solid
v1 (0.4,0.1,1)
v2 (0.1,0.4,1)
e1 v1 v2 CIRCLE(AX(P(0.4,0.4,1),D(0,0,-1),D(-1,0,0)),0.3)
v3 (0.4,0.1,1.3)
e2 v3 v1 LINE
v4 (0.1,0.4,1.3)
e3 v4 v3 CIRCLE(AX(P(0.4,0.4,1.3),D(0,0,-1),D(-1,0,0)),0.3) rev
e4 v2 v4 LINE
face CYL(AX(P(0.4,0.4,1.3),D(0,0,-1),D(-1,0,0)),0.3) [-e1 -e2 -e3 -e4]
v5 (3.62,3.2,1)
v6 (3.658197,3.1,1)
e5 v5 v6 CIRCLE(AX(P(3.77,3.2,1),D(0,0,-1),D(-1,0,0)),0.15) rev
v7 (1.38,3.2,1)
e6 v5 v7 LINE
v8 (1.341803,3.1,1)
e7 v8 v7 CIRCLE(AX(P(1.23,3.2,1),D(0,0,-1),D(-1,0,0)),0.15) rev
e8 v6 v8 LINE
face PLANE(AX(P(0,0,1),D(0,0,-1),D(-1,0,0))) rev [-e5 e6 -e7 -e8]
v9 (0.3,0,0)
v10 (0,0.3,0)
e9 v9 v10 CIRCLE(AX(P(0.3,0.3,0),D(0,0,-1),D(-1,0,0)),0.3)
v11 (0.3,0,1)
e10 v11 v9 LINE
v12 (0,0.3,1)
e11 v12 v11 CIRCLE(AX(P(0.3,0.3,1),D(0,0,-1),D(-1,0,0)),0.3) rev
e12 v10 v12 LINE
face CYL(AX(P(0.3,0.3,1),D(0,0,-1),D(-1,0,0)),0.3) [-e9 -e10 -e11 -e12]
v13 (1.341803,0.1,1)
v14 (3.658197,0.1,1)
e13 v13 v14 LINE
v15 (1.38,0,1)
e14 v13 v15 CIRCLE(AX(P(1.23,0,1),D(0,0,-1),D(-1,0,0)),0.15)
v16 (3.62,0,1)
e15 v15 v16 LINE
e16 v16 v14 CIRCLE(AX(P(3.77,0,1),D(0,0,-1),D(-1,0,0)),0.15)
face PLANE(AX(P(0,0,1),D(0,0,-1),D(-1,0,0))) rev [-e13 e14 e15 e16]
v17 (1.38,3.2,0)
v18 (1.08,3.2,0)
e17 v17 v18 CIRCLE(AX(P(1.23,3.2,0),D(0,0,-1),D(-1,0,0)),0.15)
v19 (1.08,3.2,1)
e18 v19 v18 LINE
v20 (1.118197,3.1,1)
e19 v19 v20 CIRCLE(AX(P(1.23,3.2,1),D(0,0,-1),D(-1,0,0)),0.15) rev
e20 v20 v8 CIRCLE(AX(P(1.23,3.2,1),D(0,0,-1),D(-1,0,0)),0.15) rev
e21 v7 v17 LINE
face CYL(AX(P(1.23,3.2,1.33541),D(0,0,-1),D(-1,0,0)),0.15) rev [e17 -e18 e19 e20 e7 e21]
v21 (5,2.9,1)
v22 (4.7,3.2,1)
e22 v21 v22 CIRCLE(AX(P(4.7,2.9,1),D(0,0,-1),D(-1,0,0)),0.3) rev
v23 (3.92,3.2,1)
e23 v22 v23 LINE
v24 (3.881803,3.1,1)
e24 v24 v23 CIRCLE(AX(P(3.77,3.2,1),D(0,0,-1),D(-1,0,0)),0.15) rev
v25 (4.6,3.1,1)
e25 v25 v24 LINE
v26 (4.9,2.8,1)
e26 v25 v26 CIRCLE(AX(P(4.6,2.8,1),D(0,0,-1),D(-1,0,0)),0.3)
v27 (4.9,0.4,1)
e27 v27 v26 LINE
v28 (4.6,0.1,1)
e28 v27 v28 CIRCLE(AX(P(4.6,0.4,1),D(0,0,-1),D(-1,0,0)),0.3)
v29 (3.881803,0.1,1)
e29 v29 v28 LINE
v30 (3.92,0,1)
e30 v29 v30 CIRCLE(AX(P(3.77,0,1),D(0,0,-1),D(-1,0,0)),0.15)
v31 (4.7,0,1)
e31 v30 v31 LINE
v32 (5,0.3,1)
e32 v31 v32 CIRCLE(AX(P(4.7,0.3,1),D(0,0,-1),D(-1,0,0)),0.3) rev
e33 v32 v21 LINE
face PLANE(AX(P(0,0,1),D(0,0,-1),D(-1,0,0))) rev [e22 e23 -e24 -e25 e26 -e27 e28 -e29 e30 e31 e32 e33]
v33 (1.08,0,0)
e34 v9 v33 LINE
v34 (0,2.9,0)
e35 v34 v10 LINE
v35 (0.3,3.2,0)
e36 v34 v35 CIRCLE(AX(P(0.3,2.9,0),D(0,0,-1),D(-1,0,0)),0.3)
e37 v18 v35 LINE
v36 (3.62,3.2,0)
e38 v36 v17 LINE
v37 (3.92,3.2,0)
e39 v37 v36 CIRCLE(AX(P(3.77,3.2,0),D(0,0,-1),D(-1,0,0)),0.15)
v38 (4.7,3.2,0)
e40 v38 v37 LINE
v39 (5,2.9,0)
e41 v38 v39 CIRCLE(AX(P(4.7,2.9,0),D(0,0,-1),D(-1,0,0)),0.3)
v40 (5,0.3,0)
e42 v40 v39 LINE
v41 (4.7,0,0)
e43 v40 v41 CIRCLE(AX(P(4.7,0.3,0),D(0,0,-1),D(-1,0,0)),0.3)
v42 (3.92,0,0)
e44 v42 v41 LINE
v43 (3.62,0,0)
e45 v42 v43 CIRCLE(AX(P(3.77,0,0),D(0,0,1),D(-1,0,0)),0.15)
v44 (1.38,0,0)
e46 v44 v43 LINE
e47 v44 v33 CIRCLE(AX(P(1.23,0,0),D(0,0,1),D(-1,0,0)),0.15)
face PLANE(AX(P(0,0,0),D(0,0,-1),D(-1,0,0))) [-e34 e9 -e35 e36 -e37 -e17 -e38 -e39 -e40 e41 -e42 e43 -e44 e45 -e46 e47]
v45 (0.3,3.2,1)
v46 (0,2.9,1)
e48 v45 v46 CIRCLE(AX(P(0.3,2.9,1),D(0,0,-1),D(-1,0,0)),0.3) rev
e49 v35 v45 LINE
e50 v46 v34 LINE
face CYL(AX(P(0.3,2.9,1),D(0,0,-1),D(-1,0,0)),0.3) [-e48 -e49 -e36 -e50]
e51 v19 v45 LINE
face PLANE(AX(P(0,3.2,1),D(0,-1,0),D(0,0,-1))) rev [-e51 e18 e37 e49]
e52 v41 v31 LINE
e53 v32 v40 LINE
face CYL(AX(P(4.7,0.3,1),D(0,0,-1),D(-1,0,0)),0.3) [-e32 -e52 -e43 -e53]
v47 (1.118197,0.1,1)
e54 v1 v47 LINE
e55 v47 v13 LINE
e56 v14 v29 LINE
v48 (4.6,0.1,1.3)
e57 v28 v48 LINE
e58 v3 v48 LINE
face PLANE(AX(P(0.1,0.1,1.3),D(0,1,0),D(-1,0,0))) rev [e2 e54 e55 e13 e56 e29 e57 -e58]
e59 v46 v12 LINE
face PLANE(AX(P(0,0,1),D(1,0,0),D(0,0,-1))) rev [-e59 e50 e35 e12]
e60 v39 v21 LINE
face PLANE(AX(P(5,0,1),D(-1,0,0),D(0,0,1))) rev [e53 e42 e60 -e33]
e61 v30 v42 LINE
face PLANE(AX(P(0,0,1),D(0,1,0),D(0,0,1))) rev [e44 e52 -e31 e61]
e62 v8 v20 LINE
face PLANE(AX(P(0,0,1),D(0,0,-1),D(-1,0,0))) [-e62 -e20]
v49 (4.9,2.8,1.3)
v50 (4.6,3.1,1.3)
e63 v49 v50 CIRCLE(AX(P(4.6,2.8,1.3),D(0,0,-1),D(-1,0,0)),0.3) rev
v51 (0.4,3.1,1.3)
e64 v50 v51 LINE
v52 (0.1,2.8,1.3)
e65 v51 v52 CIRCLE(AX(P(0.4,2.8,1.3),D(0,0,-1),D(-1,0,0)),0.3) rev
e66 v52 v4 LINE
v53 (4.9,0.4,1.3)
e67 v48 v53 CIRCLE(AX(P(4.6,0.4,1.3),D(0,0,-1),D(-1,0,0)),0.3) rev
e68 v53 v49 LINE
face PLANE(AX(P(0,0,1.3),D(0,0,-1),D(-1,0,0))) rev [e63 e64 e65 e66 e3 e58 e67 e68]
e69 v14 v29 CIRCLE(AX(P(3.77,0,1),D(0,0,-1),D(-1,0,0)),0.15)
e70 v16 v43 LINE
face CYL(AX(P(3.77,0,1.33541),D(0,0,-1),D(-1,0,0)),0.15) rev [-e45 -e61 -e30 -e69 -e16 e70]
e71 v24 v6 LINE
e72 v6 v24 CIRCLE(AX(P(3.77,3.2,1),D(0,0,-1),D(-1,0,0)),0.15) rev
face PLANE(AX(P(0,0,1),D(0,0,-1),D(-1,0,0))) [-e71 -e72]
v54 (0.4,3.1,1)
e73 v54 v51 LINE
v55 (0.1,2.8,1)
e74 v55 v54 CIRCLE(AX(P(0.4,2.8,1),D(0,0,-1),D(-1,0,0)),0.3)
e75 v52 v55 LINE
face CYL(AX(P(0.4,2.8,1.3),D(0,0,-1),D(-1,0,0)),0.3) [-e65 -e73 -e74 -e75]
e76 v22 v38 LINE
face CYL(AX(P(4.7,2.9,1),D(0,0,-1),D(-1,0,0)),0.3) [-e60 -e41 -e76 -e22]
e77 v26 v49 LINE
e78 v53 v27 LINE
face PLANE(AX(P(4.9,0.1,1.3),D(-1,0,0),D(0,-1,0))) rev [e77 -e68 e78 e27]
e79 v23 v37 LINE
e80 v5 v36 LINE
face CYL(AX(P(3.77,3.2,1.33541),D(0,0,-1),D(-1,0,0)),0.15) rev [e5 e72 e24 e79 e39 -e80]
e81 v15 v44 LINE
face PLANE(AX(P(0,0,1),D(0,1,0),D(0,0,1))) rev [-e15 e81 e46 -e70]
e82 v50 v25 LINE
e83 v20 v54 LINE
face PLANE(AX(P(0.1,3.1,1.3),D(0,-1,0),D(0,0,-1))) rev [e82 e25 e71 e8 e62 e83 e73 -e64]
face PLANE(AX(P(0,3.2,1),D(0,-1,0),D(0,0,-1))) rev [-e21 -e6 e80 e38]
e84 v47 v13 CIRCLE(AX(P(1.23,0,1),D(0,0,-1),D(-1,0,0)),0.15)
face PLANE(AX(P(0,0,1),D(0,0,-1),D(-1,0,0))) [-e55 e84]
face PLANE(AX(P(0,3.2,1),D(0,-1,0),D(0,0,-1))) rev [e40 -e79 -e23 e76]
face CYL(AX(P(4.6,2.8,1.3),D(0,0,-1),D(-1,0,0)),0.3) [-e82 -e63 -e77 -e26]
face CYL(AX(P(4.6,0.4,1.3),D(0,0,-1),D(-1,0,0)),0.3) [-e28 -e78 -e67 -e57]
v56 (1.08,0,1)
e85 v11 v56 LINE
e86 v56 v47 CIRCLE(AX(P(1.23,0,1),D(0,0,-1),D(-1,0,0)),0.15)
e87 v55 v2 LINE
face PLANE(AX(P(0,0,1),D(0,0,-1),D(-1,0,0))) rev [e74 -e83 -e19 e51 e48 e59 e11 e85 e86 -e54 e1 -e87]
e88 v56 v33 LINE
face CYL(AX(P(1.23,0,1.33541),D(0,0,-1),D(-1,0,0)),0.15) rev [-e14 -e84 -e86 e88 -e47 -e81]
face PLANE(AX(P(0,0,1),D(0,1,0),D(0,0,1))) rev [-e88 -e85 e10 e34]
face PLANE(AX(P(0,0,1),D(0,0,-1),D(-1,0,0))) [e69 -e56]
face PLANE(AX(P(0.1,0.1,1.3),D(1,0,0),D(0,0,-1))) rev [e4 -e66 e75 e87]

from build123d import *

# Parameters (mm, degrees)
SKETCH1_W            = 5
SKETCH1_H            = 3.2
BOSS_EXTRUDE1_DEPTH  = 1
SKETCH2_W            = 4.8
SKETCH2_H            = 3
BOSS_EXTRUDE2_DEPTH  = 0.3
FILLET1_R            = 0.3
FILLET2_R            = 0.3
CUT_EXTRUDE1_DEPTH   = 1
LPATTERN1_COUNT      = 2
LPATTERN1_PITCH      = 2.54
MIRROR1_COPY_1_DEPTH = 1


with BuildPart() as part:
    # Sketch1 → Boss-Extrude1 (new body)
    with BuildSketch(Plane.XY):
        with Locations((2.5, 1.6)):
            Rectangle(SKETCH1_W, SKETCH1_H)
    extrude(amount=BOSS_EXTRUDE1_DEPTH)

    # Sketch2 → Boss-Extrude2 (add)
    with BuildSketch(Plane.XY.offset(1)):
        with Locations((2.5, 1.6)):
            Rectangle(SKETCH2_W, SKETCH2_H)
    extrude(amount=BOSS_EXTRUDE2_DEPTH)

    # Fillet1
    fillet1_edges = [part.edges().sort_by_distance(p)[0] for p in [
        (0.1, 3.1, 1.15),
        (0.1, 0.1, 1.15),
        (4.9, 0.1, 1.15),
        (4.9, 3.1, 1.15),
    ]]
    fillet(fillet1_edges, radius=FILLET1_R)

    # Fillet2
    fillet2_edges = [part.edges().sort_by_distance(p)[0] for p in [
        (0, 3.2, 0.5),
        (5, 3.2, 0.5),
        (5, 0, 0.5),
        (0, 0, 0.5),
    ]]
    fillet(fillet2_edges, radius=FILLET2_R)

    # Sketch3 → Cut-Extrude1 (cut)
    with BuildSketch(Plane(origin=(0, 0, 0), x_dir=(-1, 0, 0), z_dir=(0, 0, -1))):
        with BuildLine():
            Line((-3.92, 3.2), (-3.62, 3.2))
            ThreePointArc((-3.62, 3.2), (-3.77, 3.05), (-3.92, 3.2))
        make_face()
    cut_extrude1 = extrude(amount=-CUT_EXTRUDE1_DEPTH, mode=Mode.SUBTRACT)

    # LPattern1: Cut-Extrude1 ×2
    with Locations(*[(-i * LPATTERN1_PITCH, 0, 0) for i in range(1, LPATTERN1_COUNT)]):
        add(cut_extrude1, mode=Mode.SUBTRACT)

    # Mirror1: Cut-Extrude1 across plane
    add(cut_extrude1.mirror(Plane.ZX.offset(1.6)), mode=Mode.SUBTRACT)

    # Mirror1 copy 1 sketch → Mirror1 copy 1 (cut)
    with BuildSketch(Plane(origin=(-2.54, 3.2, 0), x_dir=(-1, 0, 0), z_dir=(0, 0, -1))):
        with BuildLine():
            Line((-3.92, -3.2), (-3.62, -3.2))
            ThreePointArc((-3.62, -3.2), (-3.77, -3.05), (-3.92, -3.2))
        make_face()
    extrude(amount=-MIRROR1_COPY_1_DEPTH, mode=Mode.SUBTRACT)


solid = part.part
